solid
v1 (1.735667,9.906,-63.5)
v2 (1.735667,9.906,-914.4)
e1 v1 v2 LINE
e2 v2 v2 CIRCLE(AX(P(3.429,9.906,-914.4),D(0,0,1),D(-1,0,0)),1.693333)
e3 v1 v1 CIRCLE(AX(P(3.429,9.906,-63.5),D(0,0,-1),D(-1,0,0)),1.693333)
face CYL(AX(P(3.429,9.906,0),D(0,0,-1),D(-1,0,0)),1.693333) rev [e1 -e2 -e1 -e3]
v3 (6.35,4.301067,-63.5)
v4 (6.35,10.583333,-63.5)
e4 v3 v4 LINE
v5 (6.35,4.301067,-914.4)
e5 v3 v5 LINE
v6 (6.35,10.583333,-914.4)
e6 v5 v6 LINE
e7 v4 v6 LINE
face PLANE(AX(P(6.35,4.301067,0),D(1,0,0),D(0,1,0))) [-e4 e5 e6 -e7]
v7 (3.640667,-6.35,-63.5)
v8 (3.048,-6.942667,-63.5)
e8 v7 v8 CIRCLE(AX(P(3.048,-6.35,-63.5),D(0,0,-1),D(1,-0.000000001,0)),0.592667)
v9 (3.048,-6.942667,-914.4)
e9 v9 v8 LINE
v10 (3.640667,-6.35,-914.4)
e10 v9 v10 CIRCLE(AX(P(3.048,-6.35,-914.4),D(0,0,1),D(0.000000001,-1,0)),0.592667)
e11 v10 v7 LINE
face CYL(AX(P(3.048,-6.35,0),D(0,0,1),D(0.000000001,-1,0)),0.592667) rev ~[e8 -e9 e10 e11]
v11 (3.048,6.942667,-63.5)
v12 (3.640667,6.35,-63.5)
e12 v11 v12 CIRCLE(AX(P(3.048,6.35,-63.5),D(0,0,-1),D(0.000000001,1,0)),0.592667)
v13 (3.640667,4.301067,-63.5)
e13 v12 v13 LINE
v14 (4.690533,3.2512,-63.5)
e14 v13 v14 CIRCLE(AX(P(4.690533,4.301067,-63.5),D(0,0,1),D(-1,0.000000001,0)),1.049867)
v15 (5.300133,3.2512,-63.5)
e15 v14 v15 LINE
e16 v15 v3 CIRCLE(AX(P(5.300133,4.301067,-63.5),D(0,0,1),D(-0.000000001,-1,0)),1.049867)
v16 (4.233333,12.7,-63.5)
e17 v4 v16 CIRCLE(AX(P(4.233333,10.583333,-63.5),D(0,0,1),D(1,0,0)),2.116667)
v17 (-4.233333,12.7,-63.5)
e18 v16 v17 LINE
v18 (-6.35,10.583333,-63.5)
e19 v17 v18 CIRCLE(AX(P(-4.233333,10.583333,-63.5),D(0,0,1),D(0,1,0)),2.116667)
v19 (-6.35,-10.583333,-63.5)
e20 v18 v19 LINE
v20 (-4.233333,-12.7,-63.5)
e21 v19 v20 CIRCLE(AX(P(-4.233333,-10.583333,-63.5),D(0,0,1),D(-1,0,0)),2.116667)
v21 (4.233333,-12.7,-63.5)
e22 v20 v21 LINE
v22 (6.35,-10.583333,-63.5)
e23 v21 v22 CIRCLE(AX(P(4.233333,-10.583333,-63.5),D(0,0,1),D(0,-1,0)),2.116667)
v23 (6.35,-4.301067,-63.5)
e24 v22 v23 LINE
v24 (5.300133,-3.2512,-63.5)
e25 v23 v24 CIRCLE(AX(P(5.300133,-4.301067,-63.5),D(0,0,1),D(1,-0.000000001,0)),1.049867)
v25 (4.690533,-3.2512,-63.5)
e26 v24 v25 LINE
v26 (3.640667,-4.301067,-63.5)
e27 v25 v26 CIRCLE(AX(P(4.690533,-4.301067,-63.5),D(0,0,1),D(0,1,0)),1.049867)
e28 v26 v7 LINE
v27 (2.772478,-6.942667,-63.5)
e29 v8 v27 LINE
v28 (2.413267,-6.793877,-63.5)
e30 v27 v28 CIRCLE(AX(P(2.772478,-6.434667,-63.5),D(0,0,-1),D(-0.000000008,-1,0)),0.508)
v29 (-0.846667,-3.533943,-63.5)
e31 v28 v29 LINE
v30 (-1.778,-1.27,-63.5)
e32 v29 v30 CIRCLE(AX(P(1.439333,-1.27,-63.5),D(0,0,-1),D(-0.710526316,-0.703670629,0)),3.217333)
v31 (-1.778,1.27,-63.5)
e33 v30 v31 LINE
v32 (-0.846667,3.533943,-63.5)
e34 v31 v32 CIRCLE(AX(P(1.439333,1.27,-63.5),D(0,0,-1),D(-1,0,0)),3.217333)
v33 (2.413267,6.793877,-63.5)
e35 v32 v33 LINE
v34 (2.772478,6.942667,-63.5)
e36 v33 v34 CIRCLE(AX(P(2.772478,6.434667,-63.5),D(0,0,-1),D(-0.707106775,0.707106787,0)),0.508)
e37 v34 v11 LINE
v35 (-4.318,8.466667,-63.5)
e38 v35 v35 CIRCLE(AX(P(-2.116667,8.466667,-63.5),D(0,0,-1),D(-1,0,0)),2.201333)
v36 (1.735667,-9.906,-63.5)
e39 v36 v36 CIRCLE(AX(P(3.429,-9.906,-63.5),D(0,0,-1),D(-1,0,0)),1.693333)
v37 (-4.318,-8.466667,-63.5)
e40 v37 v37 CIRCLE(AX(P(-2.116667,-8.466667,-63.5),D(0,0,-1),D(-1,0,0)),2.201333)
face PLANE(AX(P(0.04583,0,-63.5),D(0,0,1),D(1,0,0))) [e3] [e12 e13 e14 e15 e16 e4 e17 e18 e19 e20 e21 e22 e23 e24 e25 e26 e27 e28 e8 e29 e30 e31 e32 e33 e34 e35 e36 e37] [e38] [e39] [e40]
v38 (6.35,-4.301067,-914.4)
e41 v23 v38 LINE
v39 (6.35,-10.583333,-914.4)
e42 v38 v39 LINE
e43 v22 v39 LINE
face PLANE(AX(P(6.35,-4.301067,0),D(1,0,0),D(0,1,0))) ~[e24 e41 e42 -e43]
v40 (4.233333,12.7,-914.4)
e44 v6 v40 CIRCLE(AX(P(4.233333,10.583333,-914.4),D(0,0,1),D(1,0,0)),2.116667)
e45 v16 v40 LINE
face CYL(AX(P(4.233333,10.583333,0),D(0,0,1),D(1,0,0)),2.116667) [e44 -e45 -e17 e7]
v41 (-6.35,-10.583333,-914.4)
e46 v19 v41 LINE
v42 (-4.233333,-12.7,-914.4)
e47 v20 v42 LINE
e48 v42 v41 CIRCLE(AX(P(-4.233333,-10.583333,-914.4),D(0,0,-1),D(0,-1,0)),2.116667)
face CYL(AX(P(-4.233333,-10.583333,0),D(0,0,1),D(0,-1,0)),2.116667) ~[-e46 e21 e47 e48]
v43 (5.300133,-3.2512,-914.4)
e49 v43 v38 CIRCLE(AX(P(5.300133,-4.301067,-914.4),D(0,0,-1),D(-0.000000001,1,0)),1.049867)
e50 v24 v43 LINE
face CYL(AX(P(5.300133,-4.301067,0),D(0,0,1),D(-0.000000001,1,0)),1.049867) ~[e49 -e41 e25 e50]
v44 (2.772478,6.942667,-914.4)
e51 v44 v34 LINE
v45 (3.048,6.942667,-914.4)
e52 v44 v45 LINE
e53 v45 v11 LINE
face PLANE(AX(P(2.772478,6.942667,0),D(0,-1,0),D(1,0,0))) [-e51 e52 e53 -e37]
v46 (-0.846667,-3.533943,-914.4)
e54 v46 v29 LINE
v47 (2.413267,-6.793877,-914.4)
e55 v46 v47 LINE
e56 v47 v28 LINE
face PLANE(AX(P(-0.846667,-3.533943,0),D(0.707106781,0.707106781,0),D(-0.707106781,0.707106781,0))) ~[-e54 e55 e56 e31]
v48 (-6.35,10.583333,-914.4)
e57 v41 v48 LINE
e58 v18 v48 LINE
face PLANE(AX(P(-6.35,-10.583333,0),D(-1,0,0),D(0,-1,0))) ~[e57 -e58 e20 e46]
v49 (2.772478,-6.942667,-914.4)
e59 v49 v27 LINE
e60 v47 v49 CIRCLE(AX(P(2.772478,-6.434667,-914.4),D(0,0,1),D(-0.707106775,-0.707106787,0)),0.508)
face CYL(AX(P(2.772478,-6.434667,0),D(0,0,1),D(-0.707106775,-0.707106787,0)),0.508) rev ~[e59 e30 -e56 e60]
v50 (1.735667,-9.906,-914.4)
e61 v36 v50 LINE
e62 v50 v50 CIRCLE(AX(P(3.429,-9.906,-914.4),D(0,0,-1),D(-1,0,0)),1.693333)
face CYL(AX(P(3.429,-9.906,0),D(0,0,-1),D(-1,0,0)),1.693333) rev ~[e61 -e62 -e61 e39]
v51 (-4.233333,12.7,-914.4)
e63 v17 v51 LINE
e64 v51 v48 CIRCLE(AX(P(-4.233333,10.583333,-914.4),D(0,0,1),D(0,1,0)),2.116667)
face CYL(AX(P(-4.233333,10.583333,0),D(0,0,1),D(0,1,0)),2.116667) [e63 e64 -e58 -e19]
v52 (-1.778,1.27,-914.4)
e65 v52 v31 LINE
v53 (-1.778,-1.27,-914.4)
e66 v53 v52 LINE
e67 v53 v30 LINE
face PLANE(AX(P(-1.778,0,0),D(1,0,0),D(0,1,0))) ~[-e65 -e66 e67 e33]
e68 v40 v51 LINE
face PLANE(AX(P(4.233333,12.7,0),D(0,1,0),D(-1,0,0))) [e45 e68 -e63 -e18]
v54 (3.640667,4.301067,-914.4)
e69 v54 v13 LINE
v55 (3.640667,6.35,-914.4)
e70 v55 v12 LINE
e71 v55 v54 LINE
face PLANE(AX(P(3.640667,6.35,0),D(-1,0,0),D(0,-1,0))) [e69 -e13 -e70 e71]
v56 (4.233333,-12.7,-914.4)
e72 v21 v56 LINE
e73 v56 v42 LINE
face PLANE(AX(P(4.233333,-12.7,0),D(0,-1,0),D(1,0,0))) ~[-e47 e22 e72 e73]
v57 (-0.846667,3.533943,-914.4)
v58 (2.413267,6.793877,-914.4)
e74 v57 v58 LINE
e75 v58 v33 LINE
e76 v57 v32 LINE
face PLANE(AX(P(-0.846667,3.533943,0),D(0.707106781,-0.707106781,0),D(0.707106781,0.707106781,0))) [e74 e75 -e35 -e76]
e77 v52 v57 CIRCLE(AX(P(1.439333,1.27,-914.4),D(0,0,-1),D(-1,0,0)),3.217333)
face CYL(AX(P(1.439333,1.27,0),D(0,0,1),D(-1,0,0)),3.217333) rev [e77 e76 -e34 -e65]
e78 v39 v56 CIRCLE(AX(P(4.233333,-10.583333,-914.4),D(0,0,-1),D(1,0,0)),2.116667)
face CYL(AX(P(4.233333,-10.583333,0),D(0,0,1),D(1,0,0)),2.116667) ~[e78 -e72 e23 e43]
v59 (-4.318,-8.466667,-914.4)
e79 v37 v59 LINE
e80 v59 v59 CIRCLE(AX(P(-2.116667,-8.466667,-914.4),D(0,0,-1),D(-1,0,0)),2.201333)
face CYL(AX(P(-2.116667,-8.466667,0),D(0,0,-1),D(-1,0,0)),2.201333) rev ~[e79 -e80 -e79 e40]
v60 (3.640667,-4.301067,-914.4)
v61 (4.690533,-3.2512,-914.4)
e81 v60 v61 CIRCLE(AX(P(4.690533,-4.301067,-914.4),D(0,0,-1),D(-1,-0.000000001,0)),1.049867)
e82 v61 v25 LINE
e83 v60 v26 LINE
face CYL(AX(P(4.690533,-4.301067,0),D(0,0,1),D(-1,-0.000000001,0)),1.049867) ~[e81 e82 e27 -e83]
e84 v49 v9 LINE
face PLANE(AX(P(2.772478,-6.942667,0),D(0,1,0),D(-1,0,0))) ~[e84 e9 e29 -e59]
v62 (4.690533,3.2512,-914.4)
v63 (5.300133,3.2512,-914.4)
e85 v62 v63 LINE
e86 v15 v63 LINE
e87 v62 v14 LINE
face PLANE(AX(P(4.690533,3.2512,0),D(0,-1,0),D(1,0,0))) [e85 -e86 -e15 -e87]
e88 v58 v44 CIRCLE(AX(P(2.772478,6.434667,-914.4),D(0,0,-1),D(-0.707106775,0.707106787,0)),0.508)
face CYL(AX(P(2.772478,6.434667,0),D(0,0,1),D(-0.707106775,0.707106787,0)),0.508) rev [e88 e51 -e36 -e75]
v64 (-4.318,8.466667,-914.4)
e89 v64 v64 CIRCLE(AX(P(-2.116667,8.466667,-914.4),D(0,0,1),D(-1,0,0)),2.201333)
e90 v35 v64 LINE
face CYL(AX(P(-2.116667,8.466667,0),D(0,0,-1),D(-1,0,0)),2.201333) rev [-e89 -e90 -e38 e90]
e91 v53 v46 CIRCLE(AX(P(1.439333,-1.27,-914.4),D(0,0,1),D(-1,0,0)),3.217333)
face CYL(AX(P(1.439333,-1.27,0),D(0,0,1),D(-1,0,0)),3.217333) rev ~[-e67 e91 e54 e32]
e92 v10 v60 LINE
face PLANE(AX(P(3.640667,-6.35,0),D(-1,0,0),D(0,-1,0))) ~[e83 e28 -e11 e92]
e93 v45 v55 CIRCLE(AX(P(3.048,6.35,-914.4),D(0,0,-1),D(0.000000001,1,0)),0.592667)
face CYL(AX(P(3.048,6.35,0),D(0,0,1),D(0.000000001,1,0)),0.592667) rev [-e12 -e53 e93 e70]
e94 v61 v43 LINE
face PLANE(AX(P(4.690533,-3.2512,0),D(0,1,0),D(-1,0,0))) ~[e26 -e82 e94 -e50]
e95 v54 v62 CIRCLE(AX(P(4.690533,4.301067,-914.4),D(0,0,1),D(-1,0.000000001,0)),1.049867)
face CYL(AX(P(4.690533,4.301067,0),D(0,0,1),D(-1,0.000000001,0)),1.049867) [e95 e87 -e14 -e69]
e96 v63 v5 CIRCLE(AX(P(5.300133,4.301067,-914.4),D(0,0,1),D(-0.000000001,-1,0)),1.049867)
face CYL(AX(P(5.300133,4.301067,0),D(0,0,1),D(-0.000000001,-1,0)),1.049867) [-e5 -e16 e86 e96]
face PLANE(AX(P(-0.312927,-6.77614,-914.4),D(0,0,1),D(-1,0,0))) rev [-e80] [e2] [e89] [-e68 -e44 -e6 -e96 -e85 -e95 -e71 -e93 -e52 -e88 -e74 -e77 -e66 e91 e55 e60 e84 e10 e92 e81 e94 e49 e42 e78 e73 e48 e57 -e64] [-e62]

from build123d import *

# Parameters (mm, degrees)
SKETCH3_R           = 2.201333333
SKETCH3_R_2         = 1.693333333
BOSS_EXTRUDE1_DEPTH = 914.4
CUT_EXTRUDE1_DEPTH  = 977.9


with BuildPart() as part:
    # Sketch3 → Boss-Extrude1 (new, symmetric)
    with BuildSketch(Plane.XY):
        with BuildLine():
            Line((-1.778, 0), (-1.778, 1.27))
            ThreePointArc((-1.778, 1.27), (-1.536070654, 2.494011801), (-0.846666667, 3.533942971))
            Line((-0.846666667, 3.533942971), (2.413267273, 6.793876912))
            ThreePointArc((2.413267273, 6.793876912), (2.578074335, 6.903997469), (2.772477518, 6.942666667))
            Line((2.772477518, 6.942666667), (3.048, 6.942666667))
            ThreePointArc((3.048, 6.942666667), (3.467078619, 6.769078619), (3.640666667, 6.35))
            Line((3.640666667, 6.35), (3.640666667, 4.301066667))
            ThreePointArc((3.640666667, 4.301066667), (3.948165494, 3.558698827), (4.690533333, 3.2512))
            Line((4.690533333, 3.2512), (5.300133333, 3.2512))
            ThreePointArc((5.300133333, 3.2512), (6.042501173, 3.558698827), (6.35, 4.301066667))
            Line((6.35, 4.301066667), (6.35, 10.583333333))
            ThreePointArc((6.35, 10.583333333), (5.730042687, 12.080042687), (4.233333333, 12.7))
            Line((4.233333333, 12.7), (-4.233333333, 12.7))
            ThreePointArc((-4.233333333, 12.7), (-5.730042687, 12.080042687), (-6.35, 10.583333333))
            Line((-6.35, 10.583333333), (-6.35, 0))
            Line((-6.35, 0), (-1.778, 0))
        make_face()
        with Locations(Location((-2.116666667, 8.466666667, 0), (0, 0, 180))):
            Circle(SKETCH3_R, mode=Mode.SUBTRACT)
        with Locations(Location((3.429, 9.906, 0), (0, 0, 180))):
            Circle(SKETCH3_R_2, mode=Mode.SUBTRACT)
    extrude(amount=BOSS_EXTRUDE1_DEPTH, both=True)

    # Mirror1: part across plane


with BuildPart() as part_1:
    add(part.part)
    add(part.part.mirror(Plane.ZX))

    # Sketch4 → Cut-Extrude1 (cut)
    with BuildSketch(Plane.XY.offset(914.4)):
        with BuildLine():
            Line((-6.35, 10.583333333), (-6.35, -10.583333333))
            ThreePointArc((-6.35, -10.583333333), (-5.730042687, -12.080042687), (-4.233333333, -12.7))
            Line((-4.233333333, -12.7), (4.233333333, -12.7))
            ThreePointArc((4.233333333, -12.7), (5.730042687, -12.080042687), (6.35, -10.583333333))
            Line((6.35, -10.583333333), (6.35, -4.301066667))
            ThreePointArc((6.35, -4.301066667), (6.042501173, -3.558698827), (5.300133333, -3.2512))
            Line((5.300133333, -3.2512), (4.690533333, -3.2512))
            ThreePointArc((4.690533333, -3.2512), (3.948165494, -3.558698827), (3.640666667, -4.301066667))
            Line((3.640666667, -4.301066667), (3.640666667, -6.35))
            ThreePointArc((3.640666667, -6.35), (3.467078619, -6.769078619), (3.048, -6.942666667))
            Line((3.048, -6.942666667), (2.772477518, -6.942666667))
            ThreePointArc((2.772477518, -6.942666667), (2.578074335, -6.903997469), (2.413267273, -6.793876912))
            Line((2.413267273, -6.793876912), (-0.846666667, -3.533942971))
            ThreePointArc((-0.846666667, -3.533942971), (-1.536070654, -2.494011801), (-1.778, -1.27))
            Line((-1.778, -1.27), (-1.778, 1.27))
            ThreePointArc((-1.778, 1.27), (-1.536070654, 2.494011801), (-0.846666667, 3.533942971))
            Line((-0.846666667, 3.533942971), (2.413267273, 6.793876912))
            ThreePointArc((2.413267273, 6.793876912), (2.578074335, 6.903997469), (2.772477518, 6.942666667))
            Line((2.772477518, 6.942666667), (3.048, 6.942666667))
            ThreePointArc((3.048, 6.942666667), (3.467078619, 6.769078619), (3.640666667, 6.35))
            Line((3.640666667, 6.35), (3.640666667, 4.301066667))
            ThreePointArc((3.640666667, 4.301066667), (3.948165494, 3.558698827), (4.690533333, 3.2512))
            Line((4.690533333, 3.2512), (5.300133333, 3.2512))
            ThreePointArc((5.300133333, 3.2512), (6.042501173, 3.558698827), (6.35, 4.301066667))
            Line((6.35, 4.301066667), (6.35, 10.583333333))
            ThreePointArc((6.35, 10.583333333), (5.730042687, 12.080042687), (4.233333333, 12.7))
            Line((4.233333333, 12.7), (-4.233333333, 12.7))
            ThreePointArc((-4.233333333, 12.7), (-5.730042687, 12.080042687), (-6.35, 10.583333333))
        make_face()
    extrude(amount=-CUT_EXTRUDE1_DEPTH, mode=Mode.SUBTRACT)


solid = part_1.part
